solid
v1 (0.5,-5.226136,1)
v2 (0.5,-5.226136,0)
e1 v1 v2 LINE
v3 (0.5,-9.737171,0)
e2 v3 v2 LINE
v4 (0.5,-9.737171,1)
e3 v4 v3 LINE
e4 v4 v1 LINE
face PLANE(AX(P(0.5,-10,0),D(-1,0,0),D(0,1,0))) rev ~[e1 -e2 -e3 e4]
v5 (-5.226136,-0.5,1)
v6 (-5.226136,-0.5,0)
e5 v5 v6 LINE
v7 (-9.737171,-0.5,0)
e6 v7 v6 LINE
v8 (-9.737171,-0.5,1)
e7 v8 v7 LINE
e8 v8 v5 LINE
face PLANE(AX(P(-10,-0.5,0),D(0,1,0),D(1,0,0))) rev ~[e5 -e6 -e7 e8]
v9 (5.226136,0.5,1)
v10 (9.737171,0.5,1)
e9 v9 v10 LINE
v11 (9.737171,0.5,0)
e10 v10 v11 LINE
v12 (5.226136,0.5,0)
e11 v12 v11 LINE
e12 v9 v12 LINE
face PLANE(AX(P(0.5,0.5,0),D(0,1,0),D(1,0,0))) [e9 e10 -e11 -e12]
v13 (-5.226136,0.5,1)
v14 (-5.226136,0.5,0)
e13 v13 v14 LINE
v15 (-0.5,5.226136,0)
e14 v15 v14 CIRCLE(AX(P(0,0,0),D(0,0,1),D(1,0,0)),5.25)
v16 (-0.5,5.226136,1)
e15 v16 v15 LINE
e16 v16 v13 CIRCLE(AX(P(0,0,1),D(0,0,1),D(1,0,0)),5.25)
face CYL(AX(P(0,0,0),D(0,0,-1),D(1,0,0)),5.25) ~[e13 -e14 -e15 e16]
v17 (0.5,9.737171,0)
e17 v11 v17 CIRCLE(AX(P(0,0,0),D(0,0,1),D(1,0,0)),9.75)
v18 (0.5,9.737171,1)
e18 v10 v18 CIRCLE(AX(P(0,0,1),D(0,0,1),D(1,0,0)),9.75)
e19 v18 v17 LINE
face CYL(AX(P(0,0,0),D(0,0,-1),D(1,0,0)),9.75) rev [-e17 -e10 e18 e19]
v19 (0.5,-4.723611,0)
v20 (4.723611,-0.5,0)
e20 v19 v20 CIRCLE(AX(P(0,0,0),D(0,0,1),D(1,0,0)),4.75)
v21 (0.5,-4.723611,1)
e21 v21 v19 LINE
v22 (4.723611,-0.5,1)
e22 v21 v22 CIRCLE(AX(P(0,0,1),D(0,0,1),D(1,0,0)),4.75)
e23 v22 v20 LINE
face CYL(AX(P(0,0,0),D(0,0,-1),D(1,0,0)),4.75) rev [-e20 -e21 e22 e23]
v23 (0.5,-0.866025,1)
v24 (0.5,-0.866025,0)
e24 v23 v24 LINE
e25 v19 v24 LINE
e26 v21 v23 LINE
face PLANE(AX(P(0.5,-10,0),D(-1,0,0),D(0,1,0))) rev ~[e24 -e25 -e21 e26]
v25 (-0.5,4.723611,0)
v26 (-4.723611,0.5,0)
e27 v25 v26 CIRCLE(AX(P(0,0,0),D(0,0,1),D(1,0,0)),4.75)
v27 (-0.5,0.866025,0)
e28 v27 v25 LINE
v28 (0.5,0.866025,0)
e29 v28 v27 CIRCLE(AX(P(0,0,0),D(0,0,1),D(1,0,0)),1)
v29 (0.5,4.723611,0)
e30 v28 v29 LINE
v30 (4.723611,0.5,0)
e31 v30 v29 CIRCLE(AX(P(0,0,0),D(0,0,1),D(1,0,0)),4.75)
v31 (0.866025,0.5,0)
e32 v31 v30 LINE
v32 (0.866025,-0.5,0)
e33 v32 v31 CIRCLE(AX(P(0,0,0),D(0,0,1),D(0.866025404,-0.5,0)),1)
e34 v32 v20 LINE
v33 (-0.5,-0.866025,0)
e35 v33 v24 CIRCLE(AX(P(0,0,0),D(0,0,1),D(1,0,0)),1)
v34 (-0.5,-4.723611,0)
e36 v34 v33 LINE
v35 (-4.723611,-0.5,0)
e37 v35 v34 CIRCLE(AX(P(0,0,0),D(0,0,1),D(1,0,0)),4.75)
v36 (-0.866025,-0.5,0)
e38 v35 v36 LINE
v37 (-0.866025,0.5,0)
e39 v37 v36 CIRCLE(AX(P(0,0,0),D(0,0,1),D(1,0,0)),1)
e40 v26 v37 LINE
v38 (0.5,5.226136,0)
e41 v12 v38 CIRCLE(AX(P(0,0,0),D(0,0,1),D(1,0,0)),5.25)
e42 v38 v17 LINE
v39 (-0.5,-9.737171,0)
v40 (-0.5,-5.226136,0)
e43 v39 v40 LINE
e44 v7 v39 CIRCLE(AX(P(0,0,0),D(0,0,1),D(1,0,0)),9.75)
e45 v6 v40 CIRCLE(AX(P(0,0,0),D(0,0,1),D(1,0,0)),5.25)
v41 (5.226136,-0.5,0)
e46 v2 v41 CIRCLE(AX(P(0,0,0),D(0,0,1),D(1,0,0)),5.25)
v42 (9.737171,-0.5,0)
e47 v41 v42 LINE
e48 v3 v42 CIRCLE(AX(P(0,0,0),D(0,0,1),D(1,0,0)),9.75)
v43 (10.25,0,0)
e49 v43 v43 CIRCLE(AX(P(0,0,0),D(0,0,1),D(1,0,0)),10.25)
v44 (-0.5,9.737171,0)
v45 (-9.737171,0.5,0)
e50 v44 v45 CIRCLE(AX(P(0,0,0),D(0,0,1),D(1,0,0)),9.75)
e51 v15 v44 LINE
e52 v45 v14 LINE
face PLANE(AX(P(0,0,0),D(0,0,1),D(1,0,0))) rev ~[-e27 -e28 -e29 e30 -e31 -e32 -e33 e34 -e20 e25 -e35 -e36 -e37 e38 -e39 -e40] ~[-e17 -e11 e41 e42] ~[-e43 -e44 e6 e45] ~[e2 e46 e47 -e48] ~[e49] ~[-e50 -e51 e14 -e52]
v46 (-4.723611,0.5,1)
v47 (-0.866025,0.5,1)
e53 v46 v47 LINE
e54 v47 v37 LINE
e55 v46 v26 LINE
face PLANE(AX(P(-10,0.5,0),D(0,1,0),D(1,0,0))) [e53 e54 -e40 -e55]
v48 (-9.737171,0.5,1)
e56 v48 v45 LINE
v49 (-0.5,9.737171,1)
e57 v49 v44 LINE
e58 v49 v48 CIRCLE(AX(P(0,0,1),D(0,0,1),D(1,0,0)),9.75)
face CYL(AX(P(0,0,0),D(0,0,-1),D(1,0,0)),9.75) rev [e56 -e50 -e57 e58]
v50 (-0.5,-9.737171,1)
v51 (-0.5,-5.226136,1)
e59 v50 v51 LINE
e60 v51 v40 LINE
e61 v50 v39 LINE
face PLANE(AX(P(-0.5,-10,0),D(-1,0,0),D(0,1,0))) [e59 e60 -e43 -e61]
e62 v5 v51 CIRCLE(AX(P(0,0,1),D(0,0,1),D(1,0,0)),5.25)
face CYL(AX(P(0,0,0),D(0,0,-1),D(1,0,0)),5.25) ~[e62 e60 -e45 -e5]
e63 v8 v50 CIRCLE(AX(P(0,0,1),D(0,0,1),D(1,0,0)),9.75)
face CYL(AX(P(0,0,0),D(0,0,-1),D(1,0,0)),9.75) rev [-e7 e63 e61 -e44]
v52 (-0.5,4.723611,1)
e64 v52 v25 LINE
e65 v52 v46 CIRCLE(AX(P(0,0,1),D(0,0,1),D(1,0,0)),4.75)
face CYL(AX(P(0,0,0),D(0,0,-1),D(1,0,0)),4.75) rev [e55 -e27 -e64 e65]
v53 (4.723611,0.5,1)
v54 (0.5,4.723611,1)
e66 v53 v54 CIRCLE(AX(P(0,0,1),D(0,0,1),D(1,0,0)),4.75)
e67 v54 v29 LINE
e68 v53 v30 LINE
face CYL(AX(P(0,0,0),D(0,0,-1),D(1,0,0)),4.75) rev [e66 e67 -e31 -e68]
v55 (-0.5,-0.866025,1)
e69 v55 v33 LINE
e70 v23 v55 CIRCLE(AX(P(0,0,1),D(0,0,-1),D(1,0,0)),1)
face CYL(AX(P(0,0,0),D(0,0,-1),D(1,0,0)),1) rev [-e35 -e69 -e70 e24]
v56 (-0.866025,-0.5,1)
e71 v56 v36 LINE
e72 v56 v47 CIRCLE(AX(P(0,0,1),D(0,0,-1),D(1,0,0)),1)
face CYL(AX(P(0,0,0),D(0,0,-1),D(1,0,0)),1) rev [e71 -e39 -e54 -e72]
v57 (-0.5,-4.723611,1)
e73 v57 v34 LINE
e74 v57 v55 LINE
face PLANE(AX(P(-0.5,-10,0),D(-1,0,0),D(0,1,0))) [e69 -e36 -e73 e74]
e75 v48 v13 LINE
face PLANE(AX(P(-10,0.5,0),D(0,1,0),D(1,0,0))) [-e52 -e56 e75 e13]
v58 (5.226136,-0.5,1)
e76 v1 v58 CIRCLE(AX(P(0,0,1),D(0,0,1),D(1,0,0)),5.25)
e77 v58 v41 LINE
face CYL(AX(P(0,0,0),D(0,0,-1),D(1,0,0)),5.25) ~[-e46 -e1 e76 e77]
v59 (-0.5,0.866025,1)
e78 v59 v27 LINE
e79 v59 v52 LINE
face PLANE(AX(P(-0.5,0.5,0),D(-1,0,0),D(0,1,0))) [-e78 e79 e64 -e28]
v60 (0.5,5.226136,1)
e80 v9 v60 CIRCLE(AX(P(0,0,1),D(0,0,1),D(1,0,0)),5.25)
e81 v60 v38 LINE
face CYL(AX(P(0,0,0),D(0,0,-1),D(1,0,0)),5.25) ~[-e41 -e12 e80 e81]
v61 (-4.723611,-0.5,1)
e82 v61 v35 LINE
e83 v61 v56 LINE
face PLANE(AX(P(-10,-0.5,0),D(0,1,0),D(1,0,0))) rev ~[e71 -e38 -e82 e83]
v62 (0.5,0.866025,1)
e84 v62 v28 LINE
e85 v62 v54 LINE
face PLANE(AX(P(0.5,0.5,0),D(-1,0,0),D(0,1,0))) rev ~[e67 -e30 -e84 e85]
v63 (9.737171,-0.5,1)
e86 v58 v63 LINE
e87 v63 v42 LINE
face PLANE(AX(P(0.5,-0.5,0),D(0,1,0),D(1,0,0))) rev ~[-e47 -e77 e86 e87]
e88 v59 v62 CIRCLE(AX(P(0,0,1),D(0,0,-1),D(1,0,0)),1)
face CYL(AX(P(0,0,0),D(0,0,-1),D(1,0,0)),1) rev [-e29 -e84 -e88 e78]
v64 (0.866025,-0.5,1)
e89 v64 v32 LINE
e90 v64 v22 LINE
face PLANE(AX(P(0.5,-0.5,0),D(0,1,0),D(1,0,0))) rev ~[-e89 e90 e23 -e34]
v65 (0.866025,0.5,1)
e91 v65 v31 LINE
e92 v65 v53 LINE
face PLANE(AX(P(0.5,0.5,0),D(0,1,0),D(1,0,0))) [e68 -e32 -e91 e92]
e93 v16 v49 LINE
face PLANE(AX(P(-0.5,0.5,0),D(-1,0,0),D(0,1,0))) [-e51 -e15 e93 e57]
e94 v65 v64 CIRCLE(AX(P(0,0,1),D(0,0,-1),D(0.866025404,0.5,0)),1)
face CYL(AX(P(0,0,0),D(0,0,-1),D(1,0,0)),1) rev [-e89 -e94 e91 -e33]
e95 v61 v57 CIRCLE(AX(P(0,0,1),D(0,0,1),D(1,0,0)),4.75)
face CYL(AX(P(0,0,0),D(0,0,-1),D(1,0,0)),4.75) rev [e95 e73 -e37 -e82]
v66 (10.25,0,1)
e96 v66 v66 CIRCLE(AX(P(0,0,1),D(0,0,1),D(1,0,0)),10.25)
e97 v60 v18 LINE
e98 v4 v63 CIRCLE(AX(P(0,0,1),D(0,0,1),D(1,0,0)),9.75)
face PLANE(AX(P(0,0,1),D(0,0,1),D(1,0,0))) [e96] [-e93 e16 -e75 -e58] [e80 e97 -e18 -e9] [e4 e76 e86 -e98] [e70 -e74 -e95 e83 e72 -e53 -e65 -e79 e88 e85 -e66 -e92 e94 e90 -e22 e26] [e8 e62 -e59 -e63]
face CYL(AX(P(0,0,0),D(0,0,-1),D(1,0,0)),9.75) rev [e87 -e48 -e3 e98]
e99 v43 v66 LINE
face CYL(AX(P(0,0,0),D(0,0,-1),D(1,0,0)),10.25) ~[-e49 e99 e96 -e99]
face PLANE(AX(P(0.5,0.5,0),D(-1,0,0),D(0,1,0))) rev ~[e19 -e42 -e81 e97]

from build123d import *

# Parameters (mm, degrees)
F0_W     = 9.5
F0_H     = 1
F0_W_2   = 1
F0_H_2   = 9.5
F1_DEPTH = 1
F2_R     = 10.25
F2_R_2   = 9.75
F2_R_3   = 5.25
F2_R_4   = 4.75
F3_DEPTH = 1
F4_R     = 1
F5_DEPTH = 25


with BuildPart() as f1:
    # F0 (on Top) → F1 (new body)
    with BuildSketch(Plane.XY):
        with Locations((-5.25, 0)):
            Rectangle(F0_W, F0_H)
        with Locations((0, 5.25)):
            Rectangle(F0_W_2, F0_H_2)
        with Locations((5.25, 0)):
            Rectangle(F0_W, F0_H)
        with Locations((0, -5.25)):
            Rectangle(F0_W_2, F0_H_2)
    extrude(amount=F1_DEPTH)

    # F2 (on Top) → F3 (join)
    with BuildSketch(Plane.XY):
        Circle(F2_R)
        Circle(F2_R_2, mode=Mode.SUBTRACT)
        Circle(F2_R_3)
        Circle(F2_R_4, mode=Mode.SUBTRACT)
    extrude(amount=F3_DEPTH)

    # F4 (on Top) → F5 (cut)
    with BuildSketch(Plane.XY):
        Circle(F4_R)
    extrude(amount=F5_DEPTH, mode=Mode.SUBTRACT)


solid = f1.part
